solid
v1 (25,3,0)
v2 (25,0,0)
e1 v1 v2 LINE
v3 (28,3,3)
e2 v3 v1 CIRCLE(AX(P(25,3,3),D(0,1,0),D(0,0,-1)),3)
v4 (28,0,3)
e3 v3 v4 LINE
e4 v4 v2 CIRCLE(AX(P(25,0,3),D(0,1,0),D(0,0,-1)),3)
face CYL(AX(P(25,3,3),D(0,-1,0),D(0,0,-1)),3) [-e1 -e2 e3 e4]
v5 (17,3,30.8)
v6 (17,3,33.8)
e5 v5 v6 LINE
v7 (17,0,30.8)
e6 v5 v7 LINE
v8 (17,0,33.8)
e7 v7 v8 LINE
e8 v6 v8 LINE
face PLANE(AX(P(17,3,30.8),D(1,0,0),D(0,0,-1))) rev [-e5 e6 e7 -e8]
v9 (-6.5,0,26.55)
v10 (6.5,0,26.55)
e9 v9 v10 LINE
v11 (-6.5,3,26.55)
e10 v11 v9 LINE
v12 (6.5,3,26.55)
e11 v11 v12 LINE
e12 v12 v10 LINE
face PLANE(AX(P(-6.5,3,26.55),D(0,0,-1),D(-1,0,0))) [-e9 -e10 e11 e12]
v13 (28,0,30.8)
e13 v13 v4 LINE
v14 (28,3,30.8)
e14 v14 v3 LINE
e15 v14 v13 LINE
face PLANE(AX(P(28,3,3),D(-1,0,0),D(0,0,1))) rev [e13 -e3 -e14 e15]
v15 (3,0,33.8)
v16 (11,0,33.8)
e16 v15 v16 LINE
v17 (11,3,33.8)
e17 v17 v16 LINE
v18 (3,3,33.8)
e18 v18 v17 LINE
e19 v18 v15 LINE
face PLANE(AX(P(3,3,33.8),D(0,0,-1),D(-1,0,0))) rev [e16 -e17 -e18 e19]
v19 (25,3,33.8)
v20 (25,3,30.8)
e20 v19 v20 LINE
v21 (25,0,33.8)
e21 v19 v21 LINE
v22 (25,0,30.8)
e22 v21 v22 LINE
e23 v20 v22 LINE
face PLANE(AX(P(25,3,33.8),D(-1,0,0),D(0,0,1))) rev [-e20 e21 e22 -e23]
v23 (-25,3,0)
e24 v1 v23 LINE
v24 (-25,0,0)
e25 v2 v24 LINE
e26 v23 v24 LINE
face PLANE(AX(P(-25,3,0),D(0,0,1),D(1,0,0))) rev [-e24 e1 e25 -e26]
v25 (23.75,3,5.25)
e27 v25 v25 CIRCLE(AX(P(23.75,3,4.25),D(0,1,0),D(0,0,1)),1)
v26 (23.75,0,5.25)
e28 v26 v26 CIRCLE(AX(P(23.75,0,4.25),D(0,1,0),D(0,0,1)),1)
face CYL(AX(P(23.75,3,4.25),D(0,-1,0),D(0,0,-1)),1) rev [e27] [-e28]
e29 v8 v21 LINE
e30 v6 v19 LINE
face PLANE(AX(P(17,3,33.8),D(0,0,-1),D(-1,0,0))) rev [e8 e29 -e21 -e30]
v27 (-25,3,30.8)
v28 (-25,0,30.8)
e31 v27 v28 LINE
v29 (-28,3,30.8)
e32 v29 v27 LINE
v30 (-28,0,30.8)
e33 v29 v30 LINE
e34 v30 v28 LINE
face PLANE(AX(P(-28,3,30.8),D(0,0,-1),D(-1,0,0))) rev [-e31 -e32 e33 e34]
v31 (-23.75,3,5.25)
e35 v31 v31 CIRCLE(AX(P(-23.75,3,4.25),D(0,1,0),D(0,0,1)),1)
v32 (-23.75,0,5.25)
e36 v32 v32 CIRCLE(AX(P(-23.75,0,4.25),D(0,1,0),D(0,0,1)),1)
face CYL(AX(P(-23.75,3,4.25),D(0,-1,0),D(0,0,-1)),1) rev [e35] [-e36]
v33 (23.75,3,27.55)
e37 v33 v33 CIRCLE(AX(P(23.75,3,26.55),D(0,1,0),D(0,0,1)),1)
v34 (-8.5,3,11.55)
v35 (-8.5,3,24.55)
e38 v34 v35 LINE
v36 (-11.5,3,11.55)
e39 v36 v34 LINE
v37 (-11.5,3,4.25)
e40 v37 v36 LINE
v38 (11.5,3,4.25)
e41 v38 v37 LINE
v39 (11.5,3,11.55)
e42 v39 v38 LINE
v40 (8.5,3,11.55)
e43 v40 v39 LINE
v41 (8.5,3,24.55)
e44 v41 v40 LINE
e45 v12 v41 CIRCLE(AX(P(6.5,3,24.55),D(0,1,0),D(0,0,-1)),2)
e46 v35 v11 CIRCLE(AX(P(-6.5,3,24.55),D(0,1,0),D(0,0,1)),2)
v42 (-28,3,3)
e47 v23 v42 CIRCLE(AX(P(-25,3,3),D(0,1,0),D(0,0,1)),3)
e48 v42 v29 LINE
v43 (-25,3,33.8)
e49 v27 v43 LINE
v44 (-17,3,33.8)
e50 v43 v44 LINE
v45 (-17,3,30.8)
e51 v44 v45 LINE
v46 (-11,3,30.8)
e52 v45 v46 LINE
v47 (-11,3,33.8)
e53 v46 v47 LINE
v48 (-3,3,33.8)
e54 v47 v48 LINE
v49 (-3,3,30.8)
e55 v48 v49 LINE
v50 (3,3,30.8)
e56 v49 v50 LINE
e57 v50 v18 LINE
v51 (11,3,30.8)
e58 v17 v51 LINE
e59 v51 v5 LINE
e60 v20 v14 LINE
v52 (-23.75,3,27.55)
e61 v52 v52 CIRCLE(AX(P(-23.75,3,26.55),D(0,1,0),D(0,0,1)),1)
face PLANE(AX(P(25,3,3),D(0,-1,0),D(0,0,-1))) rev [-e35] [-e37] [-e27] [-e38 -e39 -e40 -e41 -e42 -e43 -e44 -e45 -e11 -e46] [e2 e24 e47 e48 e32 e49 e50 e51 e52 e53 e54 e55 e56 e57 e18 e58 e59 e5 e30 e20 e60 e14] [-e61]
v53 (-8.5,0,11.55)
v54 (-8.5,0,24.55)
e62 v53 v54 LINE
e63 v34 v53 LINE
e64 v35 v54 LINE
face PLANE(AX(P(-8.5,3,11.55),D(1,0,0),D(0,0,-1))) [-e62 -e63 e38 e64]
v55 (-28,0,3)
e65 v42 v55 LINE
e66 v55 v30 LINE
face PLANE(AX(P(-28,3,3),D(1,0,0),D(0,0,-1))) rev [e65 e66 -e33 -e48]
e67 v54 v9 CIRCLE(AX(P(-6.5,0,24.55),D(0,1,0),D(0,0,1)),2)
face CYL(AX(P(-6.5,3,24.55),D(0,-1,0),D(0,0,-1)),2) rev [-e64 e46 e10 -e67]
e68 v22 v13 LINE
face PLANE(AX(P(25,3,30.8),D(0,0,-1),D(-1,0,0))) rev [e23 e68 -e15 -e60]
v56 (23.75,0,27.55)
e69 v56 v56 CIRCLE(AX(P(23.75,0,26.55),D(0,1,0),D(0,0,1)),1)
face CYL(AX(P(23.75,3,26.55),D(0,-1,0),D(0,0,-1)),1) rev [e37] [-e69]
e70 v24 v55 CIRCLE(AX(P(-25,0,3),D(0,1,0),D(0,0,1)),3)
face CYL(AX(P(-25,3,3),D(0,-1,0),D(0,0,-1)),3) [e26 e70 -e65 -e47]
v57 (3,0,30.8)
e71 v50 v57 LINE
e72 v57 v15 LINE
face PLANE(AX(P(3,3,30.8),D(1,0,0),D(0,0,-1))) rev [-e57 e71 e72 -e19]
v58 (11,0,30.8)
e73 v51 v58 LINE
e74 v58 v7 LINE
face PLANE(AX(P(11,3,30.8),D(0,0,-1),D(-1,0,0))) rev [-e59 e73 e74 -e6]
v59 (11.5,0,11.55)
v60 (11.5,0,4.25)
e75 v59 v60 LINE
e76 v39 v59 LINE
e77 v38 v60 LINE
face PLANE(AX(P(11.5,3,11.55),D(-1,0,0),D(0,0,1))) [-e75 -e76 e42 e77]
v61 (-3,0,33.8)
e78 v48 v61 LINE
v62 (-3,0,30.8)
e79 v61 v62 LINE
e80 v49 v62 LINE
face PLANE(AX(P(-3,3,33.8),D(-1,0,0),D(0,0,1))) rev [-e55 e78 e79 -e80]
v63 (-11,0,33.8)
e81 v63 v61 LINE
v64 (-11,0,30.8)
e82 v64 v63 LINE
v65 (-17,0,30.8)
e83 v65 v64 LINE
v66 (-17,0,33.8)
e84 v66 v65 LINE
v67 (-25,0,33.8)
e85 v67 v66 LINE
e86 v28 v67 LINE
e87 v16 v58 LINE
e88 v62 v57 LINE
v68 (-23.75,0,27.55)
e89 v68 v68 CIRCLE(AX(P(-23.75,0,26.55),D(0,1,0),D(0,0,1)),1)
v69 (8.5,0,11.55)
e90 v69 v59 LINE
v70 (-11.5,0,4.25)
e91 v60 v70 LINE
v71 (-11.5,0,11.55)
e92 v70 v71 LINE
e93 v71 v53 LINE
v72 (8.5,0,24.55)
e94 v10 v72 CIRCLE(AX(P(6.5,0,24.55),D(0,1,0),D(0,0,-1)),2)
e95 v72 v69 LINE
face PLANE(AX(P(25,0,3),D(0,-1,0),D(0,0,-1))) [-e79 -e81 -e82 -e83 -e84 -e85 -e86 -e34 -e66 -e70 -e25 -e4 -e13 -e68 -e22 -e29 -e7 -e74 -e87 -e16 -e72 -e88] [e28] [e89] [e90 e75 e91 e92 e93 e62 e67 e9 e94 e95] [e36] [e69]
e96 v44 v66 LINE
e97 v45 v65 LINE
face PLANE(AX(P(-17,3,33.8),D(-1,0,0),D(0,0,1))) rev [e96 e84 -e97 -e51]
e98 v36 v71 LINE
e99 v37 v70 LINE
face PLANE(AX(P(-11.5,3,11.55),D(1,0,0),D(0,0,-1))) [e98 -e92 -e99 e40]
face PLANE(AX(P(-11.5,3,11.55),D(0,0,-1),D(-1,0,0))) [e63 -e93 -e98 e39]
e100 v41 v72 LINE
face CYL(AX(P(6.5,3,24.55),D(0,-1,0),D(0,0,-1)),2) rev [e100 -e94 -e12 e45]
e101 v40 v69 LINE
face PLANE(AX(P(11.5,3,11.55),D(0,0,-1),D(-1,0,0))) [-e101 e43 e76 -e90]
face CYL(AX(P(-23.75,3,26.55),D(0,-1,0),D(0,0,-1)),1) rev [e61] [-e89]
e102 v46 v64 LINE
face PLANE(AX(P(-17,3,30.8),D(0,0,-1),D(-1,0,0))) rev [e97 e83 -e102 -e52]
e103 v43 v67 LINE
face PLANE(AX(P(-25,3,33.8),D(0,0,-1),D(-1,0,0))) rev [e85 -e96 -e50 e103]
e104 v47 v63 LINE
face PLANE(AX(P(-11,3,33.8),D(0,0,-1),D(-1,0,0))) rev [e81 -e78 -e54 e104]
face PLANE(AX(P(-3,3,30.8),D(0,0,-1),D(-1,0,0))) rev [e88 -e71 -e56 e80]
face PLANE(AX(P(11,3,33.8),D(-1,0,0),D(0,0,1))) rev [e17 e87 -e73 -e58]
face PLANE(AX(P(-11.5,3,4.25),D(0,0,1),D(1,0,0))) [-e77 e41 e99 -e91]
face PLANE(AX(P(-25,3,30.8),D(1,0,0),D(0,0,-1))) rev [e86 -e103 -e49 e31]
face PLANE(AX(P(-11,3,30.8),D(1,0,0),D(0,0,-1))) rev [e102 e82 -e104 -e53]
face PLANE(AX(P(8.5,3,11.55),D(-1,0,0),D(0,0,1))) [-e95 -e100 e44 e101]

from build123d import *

# Parameters (mm, degrees)
ESQUISSE1_R        = 1
BOSS_EXTRU_1_DEPTH = 3


with BuildPart() as part:
    # Esquisse1 → Boss.-Extru.1 (new body)
    with BuildSketch(Plane(origin=(0, 0, 0), x_dir=(1, 0, 0), z_dir=(0, 1, 0))):
        with BuildLine():
            Line((-28, -30.8), (-25, -30.8))
            Line((-25, -30.8), (-25, -33.8))
            Line((-25, -33.8), (-17, -33.8))
            Line((-17, -33.8), (-17, -30.8))
            Line((-17, -30.8), (-11, -30.8))
            Line((-11, -30.8), (-11, -33.8))
            Line((-11, -33.8), (-3, -33.8))
            Line((-3, -33.8), (-3, -30.8))
            Line((-3, -30.8), (3, -30.8))
            Line((3, -30.8), (3, -33.8))
            Line((3, -33.8), (11, -33.8))
            Line((11, -33.8), (11, -30.8))
            Line((11, -30.8), (17, -30.8))
            Line((17, -30.8), (17, -33.8))
            Line((17, -33.8), (25, -33.8))
            Line((25, -33.8), (25, -30.8))
            Line((25, -30.8), (28, -30.8))
            Line((28, -30.8), (28, -3))
            ThreePointArc((28, -3), (27.121320344, -0.878679656), (25, 0))
            Line((25, 0), (-25, 0))
            ThreePointArc((-25, 0), (-27.121320344, -0.878679656), (-28, -3))
            Line((-28, -3), (-28, -30.8))
        make_face()
        with Locations(Location((-23.75, -4.25, 0), (0, 0, 270))):
            Circle(ESQUISSE1_R, mode=Mode.SUBTRACT)
        with Locations(Location((-23.75, -26.55, 0), (0, 0, 270))):
            Circle(ESQUISSE1_R, mode=Mode.SUBTRACT)
        with Locations(Location((23.75, -26.55, 0), (0, 0, 270))):
            Circle(ESQUISSE1_R, mode=Mode.SUBTRACT)
        with Locations(Location((23.75, -4.25, 0), (0, 0, 270))):
            Circle(ESQUISSE1_R, mode=Mode.SUBTRACT)
        with BuildLine():
            Line((-11.5, -11.55), (-8.5, -11.55))
            Line((-8.5, -11.55), (-8.5, -24.55))
            ThreePointArc((-8.5, -24.55), (-7.914213562, -25.964213562), (-6.5, -26.55))
            Line((-6.5, -26.55), (6.5, -26.55))
            ThreePointArc((6.5, -26.55), (7.914213562, -25.964213562), (8.5, -24.55))
            Line((8.5, -24.55), (8.5, -11.55))
            Line((8.5, -11.55), (11.5, -11.55))
            Line((11.5, -11.55), (11.5, -4.25))
            Line((11.5, -4.25), (-11.5, -4.25))
            Line((-11.5, -4.25), (-11.5, -11.55))
        make_face(mode=Mode.SUBTRACT)
    extrude(amount=BOSS_EXTRU_1_DEPTH)


solid = part.part
